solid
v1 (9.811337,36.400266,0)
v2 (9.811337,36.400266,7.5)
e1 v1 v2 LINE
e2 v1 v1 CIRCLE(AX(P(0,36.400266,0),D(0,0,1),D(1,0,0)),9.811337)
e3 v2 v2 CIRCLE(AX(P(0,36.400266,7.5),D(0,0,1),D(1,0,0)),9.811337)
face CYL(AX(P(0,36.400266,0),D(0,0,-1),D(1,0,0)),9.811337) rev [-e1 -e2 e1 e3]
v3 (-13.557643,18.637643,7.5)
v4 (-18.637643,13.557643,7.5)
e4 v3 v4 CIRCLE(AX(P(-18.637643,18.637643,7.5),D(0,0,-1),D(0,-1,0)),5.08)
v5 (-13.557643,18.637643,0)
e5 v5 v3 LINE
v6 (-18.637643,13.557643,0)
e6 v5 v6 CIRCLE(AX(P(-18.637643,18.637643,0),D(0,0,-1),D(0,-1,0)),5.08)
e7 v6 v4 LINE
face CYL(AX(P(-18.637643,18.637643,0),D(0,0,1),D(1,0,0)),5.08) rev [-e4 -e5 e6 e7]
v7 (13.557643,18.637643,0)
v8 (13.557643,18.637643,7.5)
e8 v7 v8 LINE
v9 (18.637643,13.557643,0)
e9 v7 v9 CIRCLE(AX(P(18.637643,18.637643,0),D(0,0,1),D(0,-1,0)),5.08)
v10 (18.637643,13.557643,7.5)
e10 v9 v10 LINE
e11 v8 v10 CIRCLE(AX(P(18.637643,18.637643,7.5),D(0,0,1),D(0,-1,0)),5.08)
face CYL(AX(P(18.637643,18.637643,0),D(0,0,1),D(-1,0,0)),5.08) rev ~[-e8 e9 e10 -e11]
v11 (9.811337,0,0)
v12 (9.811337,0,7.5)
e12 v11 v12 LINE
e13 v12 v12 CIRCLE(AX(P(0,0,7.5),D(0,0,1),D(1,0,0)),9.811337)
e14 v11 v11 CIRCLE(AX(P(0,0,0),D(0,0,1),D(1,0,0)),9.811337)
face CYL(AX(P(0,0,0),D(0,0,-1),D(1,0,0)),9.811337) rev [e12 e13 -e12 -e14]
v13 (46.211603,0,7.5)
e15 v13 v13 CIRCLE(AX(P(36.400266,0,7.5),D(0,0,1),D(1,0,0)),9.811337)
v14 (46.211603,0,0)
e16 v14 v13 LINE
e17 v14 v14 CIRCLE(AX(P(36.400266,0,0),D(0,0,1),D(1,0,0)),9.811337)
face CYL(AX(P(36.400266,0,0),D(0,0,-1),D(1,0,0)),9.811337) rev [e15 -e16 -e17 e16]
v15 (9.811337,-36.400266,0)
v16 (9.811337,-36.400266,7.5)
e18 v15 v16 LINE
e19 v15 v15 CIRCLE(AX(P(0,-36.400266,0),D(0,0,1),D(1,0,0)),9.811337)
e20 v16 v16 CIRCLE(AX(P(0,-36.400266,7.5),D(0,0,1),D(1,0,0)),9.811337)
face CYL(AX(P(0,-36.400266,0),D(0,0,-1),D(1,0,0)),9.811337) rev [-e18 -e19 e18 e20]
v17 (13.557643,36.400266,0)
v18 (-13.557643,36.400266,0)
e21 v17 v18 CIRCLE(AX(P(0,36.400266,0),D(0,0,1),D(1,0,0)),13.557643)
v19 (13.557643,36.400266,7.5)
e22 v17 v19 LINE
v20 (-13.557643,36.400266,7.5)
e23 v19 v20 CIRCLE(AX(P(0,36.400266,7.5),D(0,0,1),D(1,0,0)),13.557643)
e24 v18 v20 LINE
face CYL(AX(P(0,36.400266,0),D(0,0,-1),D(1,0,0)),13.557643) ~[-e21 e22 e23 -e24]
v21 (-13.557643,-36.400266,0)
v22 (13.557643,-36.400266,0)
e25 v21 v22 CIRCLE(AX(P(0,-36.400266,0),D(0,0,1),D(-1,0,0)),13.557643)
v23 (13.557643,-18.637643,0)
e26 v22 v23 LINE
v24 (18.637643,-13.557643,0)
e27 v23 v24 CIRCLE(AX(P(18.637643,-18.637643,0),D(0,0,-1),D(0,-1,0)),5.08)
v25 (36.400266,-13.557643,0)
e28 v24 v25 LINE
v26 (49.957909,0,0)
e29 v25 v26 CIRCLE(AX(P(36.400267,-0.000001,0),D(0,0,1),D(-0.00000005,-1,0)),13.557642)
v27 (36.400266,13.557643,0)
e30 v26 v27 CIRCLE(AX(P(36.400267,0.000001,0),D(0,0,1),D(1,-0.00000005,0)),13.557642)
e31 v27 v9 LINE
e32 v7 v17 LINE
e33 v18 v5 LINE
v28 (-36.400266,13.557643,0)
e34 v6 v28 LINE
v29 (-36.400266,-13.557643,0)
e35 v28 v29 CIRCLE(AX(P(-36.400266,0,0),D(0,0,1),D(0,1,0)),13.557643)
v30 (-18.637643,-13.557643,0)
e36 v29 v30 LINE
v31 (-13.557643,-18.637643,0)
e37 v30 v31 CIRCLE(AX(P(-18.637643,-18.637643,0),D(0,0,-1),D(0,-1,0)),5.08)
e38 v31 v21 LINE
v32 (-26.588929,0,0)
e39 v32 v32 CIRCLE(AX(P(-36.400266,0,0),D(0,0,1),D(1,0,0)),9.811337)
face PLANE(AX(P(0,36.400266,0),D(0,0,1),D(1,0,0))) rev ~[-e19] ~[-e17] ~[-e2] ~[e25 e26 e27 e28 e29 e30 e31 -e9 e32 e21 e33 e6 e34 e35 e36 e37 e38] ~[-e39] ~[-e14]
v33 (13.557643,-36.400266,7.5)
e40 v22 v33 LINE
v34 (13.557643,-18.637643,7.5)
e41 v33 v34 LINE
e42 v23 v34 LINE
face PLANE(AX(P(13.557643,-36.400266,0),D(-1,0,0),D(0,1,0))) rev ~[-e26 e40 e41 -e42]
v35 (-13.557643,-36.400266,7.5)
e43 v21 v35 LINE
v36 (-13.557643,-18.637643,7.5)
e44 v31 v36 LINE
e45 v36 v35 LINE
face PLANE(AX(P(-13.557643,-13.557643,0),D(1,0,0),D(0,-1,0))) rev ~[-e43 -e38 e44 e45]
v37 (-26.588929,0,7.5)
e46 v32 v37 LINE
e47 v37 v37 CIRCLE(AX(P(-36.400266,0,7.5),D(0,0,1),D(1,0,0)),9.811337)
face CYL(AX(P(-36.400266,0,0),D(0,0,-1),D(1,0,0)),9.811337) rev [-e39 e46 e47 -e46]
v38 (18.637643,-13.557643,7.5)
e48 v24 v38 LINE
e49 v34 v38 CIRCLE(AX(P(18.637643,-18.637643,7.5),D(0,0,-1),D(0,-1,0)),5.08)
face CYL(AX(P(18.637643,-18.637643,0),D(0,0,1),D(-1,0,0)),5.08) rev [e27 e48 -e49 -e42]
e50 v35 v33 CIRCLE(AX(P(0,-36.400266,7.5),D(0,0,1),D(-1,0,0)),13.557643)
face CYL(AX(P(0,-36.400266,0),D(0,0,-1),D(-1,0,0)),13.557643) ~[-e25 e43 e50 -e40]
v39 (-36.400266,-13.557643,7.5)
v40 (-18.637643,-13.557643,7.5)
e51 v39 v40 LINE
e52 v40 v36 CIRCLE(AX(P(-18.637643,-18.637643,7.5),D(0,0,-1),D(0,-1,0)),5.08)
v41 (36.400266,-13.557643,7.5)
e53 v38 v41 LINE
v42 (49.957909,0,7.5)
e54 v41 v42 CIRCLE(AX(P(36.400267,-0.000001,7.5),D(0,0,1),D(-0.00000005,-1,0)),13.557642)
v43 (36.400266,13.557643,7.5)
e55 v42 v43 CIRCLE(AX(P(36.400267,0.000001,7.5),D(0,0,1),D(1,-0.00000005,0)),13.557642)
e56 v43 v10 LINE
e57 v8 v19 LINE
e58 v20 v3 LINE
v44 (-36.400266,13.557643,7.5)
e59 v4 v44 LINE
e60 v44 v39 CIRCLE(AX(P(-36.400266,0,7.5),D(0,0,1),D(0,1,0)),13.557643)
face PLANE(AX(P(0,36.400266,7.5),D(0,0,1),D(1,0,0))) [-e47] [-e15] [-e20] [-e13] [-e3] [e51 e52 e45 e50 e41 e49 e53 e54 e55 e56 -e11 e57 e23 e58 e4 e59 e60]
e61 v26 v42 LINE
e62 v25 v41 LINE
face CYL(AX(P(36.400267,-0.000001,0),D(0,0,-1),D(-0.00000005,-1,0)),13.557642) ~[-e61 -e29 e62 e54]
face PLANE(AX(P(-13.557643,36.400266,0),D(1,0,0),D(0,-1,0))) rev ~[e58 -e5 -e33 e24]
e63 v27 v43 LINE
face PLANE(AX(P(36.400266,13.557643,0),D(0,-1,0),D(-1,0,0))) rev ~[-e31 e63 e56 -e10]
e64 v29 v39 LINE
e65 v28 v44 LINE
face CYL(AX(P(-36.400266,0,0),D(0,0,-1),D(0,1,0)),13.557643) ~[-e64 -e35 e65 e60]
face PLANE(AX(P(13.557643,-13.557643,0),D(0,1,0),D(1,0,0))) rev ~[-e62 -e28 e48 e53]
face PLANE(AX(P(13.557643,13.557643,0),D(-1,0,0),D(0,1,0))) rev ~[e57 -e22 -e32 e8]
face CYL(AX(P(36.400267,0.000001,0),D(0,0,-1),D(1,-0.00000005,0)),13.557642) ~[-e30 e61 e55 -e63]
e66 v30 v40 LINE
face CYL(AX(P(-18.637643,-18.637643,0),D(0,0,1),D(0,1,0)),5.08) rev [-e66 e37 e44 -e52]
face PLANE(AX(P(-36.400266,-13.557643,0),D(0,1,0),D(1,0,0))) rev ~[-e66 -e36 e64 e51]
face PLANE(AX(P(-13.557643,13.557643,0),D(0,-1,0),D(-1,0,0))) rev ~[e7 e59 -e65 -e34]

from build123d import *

# Parameters (mm, degrees)
F0_R     = 9.811337
F1_DEPTH = 7.5
F2_R     = 5.08
F3_R     = 5.08
F4_R     = 5.08
F5_R     = 5.08


with BuildPart() as f1:
    # F0 (on Top) → F1 (new body)
    with BuildSketch(Plane.XY):
        with BuildLine():
            ThreePointArc((-13.557643, 36.400266), (0, 22.842624), (13.557643, 36.400266))
            ThreePointArc((13.557643, 36.400266), (0, 49.957909), (-13.557643, 36.400266))
        make_face()
        with Locations((0, 36.400266)):
            Circle(F0_R, mode=Mode.SUBTRACT)
        with BuildLine():
            Line((13.557643, 13.557643), (13.557643, 36.400266))
            ThreePointArc((13.557643, 36.400266), (0, 22.842624), (-13.557643, 36.400266))
            Line((-13.557643, 36.400266), (-13.557643, 13.557643))
            Line((-13.557643, 13.557643), (-36.400266, 13.557643))
            ThreePointArc((-36.400266, 13.557643), (-26.813565, 9.586701), (-22.842624, 0))
            ThreePointArc((-22.842624, 0), (-26.813565, -9.586701), (-36.400266, -13.557643))
            Line((-36.400266, -13.557643), (-13.557643, -13.557643))
            Line((-13.557643, -13.557643), (-13.557643, -36.400266))
            ThreePointArc((-13.557643, -36.400266), (0, -22.842624), (13.557643, -36.400266))
            Line((13.557643, -36.400266), (13.557643, -13.557643))
            Line((13.557643, -13.557643), (36.400266, -13.557643))
            ThreePointArc((36.400266, -13.557643), (22.842624, 0), (36.400266, 13.557643))
            Line((36.400266, 13.557643), (13.557643, 13.557643))
        make_face()
        Circle(F0_R, mode=Mode.SUBTRACT)
        with BuildLine():
            ThreePointArc((49.957909, 0), (45.986968, 9.586701), (36.400266, 13.557643))
            ThreePointArc((36.400266, 13.557643), (22.842624, 0), (36.400266, -13.557643))
            ThreePointArc((36.400266, -13.557643), (45.986968, -9.586701), (49.957909, 0))
        make_face()
        with Locations((36.400266, 0)):
            Circle(F0_R, mode=Mode.SUBTRACT)
        with BuildLine():
            ThreePointArc((-22.842624, 0), (-26.813565, 9.586701), (-36.400266, 13.557643))
            ThreePointArc((-36.400266, 13.557643), (-49.957909, 0), (-36.400266, -13.557643))
            ThreePointArc((-36.400266, -13.557643), (-26.813565, -9.586701), (-22.842624, 0))
        make_face()
        with Locations((-36.400266, 0)):
            Circle(F0_R, mode=Mode.SUBTRACT)
        with BuildLine():
            ThreePointArc((-13.557643, -36.400266), (0, -49.957909), (13.557643, -36.400266))
            ThreePointArc((13.557643, -36.400266), (0, -22.842624), (-13.557643, -36.400266))
        make_face()
        with Locations((0, -36.400266)):
            Circle(F0_R, mode=Mode.SUBTRACT)
    extrude(amount=F1_DEPTH)

    # F2
    f2_edges = [f1.edges().sort_by_distance(p)[0] for p in [
        (-13.557643, 13.557643, 3.75),
    ]]
    fillet(f2_edges, radius=F2_R)

    # F3
    f3_edges = [f1.edges().sort_by_distance(p)[0] for p in [
        (13.557643, 13.557643, 3.75),
    ]]
    fillet(f3_edges, radius=F3_R)

    # F4
    f4_edges = [f1.edges().sort_by_distance(p)[0] for p in [
        (-13.557643, -13.557643, 3.75),
    ]]
    fillet(f4_edges, radius=F4_R)

    # F5
    f5_edges = [f1.edges().sort_by_distance(p)[0] for p in [
        (13.557643, -13.557643, 3.75),
    ]]
    fillet(f5_edges, radius=F5_R)


solid = f1.part
